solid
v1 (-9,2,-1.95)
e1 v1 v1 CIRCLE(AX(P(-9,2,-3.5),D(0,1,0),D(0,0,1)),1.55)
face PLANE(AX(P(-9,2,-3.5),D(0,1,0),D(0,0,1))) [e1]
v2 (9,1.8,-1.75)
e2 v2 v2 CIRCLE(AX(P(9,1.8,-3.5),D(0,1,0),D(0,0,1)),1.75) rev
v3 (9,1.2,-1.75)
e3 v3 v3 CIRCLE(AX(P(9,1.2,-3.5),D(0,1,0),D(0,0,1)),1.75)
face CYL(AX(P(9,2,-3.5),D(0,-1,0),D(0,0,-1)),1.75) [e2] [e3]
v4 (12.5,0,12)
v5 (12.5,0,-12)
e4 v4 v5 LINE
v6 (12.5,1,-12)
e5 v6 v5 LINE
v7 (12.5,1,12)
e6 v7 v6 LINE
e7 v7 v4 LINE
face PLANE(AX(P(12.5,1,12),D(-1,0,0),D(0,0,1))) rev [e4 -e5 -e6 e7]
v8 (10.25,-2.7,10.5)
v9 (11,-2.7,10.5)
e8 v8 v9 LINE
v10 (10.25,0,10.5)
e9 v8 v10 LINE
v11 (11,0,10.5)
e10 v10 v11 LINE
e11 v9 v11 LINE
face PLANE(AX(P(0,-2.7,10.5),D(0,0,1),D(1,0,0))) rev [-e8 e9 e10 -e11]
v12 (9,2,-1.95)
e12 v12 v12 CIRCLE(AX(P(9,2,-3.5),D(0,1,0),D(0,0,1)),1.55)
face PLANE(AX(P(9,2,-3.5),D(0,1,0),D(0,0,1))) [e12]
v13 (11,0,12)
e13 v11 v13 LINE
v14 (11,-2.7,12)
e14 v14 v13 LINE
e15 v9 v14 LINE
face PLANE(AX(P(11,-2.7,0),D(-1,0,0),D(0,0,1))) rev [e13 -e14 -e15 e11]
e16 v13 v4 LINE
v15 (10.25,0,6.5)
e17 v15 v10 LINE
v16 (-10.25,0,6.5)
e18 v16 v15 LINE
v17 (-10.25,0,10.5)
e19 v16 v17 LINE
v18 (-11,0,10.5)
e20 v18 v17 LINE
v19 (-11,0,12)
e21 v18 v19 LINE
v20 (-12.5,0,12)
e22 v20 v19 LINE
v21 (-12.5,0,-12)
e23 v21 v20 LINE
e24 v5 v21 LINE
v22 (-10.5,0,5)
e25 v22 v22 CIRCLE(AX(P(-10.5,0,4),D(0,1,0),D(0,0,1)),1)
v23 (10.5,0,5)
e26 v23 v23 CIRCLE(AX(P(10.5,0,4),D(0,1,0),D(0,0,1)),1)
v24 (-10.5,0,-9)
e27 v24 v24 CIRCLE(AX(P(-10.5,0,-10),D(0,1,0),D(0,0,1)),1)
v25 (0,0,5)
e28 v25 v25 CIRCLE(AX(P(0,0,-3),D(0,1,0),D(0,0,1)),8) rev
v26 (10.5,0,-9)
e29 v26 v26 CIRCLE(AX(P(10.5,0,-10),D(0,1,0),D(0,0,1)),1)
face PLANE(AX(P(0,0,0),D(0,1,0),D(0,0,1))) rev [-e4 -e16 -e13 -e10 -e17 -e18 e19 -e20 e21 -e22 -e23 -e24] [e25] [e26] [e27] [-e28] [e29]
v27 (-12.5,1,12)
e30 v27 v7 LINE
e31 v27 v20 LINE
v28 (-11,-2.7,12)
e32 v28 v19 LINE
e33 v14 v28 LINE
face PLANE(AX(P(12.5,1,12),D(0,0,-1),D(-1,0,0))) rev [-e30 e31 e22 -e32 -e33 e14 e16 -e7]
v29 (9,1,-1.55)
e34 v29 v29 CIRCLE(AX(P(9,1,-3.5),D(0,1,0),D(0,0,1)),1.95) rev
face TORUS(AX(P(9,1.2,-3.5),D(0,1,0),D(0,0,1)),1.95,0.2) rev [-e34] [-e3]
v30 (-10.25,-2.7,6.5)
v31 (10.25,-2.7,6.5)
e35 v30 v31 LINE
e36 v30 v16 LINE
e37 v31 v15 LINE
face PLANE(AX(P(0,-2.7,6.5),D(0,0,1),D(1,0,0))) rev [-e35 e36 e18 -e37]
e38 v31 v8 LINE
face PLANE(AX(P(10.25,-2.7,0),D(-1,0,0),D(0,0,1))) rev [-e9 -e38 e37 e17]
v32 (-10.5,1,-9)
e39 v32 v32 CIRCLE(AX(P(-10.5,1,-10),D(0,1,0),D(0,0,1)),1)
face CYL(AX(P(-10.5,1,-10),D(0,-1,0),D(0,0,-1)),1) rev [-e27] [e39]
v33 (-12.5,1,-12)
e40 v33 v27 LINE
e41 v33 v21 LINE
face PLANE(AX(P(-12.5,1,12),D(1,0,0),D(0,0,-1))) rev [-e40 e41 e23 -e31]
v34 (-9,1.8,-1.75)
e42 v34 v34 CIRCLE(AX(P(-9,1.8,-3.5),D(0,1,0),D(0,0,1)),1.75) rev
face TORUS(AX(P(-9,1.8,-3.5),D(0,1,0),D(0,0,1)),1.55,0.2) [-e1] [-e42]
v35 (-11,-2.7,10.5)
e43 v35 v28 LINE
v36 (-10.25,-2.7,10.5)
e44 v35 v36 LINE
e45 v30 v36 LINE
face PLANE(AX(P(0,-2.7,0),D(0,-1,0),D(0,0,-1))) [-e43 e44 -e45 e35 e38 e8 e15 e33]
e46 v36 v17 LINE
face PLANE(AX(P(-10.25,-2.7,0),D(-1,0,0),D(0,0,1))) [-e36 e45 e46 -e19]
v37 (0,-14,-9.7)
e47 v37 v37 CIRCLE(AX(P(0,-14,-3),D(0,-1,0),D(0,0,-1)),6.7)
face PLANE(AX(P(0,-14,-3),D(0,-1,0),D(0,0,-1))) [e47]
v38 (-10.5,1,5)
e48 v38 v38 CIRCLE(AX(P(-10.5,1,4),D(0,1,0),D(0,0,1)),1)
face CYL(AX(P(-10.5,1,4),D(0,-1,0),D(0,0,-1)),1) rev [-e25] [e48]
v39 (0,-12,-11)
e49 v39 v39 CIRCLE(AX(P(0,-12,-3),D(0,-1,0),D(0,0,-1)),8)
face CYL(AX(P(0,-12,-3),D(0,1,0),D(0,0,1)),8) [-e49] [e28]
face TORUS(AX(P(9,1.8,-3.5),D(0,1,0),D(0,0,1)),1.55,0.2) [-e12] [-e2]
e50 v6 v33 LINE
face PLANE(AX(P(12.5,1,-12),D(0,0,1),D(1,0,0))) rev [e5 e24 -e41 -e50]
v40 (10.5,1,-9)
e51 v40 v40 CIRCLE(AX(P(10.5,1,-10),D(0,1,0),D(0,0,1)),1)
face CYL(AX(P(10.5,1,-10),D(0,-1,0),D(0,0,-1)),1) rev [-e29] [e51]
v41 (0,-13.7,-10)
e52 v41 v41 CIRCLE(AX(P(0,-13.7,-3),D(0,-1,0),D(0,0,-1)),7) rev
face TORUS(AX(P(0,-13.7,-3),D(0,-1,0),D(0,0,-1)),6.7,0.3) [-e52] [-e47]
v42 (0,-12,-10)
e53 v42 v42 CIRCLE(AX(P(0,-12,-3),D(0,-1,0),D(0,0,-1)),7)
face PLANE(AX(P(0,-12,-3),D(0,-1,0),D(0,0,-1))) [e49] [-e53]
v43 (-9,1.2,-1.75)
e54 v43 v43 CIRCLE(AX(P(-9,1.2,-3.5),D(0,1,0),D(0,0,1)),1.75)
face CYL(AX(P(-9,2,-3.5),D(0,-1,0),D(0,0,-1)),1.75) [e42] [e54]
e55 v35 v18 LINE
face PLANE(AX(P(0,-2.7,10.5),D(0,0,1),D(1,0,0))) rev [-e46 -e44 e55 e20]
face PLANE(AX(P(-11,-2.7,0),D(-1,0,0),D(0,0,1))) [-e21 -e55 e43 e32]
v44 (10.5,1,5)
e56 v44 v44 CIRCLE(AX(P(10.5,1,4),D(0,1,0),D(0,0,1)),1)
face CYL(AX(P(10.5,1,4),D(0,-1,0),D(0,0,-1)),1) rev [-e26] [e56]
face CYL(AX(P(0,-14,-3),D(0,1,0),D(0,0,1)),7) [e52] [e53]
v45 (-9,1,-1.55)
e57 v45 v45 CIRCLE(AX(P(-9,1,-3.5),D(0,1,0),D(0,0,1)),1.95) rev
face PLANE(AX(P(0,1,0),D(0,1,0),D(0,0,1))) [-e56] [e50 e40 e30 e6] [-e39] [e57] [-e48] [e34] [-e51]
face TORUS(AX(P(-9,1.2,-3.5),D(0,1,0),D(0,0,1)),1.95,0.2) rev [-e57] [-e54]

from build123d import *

# Parameters (mm, degrees)
SKETCH_1_W      = 25
SKETCH_1_H      = 24
SKETCH_1_R      = 1
EXTRUDE_1_DEPTH = 1
SKETCH_2_R      = 1.75
EXTRUDE_2_DEPTH = 1
FILLET_1_R      = 0.2
SKETCH_3_W      = 20.5
SKETCH_3_H      = 4
EXTRUDE_3_DEPTH = 2.7
SKETCH_4_R      = 8
EXTRUDE_4_DEPTH = 12
SKETCH_5_R      = 7
EXTRUDE_5_DEPTH = 2
FILLET_2_R      = 0.3


with BuildPart() as part:
    # Эскиз1 → Бобышка-Вытянуть1 (new body)
    with BuildSketch(Plane(origin=(0, 0, 0), x_dir=(1, 0, 0), z_dir=(0, 1, 0))):
        Rectangle(SKETCH_1_W, SKETCH_1_H)
        with Locations((-10.5, 10)):
            Circle(SKETCH_1_R, mode=Mode.SUBTRACT)
        with Locations((10.5, 10)):
            Circle(SKETCH_1_R, mode=Mode.SUBTRACT)
        with Locations((10.5, -4)):
            Circle(SKETCH_1_R, mode=Mode.SUBTRACT)
        with Locations((-10.5, -4)):
            Circle(SKETCH_1_R, mode=Mode.SUBTRACT)
    extrude(amount=EXTRUDE_1_DEPTH)

    # Эскиз2 → Бобышка-Вытянуть2 (add)
    with BuildSketch(Plane(origin=(0, 1, 0), x_dir=(1, 0, 0), z_dir=(0, 1, 0))):
        with Locations((-9, 3.5)):
            Circle(SKETCH_2_R)
        with Locations((9, 3.5)):
            Circle(SKETCH_2_R)
    extrude(amount=EXTRUDE_2_DEPTH)

    # Скругление1
    fillet_1_edges = [part.edges().sort_by_distance(p)[0] for p in [
        (-10.75, 1, -3.5),
        (-10.75, 2, -3.5),
        (7.25, 1, -3.5),
        (7.25, 2, -3.5),
    ]]
    fillet(fillet_1_edges, radius=FILLET_1_R)

    # Эскиз3 → Бобышка-Вытянуть3 (add)
    with BuildSketch(Plane.XZ):
        with Locations((0, 8.5)):
            Rectangle(SKETCH_3_W, SKETCH_3_H)
        Polygon((-11, 10.5), (-10.25, 10.5), (10.25, 10.5), (11, 10.5), (11, 12), (-11, 12), align=None)
    extrude(amount=EXTRUDE_3_DEPTH)

    # Эскиз4 → Бобышка-Вытянуть4 (add)
    with BuildSketch(Plane.XZ):
        with Locations((0, -3)):
            Circle(SKETCH_4_R)
    extrude(amount=EXTRUDE_4_DEPTH)

    # Эскиз5 → Бобышка-Вытянуть5 (add)
    with BuildSketch(Plane.XZ.offset(12)):
        with Locations((0, -3)):
            Circle(SKETCH_5_R)
    extrude(amount=EXTRUDE_5_DEPTH)

    # Скругление2
    fillet_2_edges = [part.edges().sort_by_distance(p)[0] for p in [
        (-7, -14, -3),
    ]]
    fillet(fillet_2_edges, radius=FILLET_2_R)


solid = part.part
